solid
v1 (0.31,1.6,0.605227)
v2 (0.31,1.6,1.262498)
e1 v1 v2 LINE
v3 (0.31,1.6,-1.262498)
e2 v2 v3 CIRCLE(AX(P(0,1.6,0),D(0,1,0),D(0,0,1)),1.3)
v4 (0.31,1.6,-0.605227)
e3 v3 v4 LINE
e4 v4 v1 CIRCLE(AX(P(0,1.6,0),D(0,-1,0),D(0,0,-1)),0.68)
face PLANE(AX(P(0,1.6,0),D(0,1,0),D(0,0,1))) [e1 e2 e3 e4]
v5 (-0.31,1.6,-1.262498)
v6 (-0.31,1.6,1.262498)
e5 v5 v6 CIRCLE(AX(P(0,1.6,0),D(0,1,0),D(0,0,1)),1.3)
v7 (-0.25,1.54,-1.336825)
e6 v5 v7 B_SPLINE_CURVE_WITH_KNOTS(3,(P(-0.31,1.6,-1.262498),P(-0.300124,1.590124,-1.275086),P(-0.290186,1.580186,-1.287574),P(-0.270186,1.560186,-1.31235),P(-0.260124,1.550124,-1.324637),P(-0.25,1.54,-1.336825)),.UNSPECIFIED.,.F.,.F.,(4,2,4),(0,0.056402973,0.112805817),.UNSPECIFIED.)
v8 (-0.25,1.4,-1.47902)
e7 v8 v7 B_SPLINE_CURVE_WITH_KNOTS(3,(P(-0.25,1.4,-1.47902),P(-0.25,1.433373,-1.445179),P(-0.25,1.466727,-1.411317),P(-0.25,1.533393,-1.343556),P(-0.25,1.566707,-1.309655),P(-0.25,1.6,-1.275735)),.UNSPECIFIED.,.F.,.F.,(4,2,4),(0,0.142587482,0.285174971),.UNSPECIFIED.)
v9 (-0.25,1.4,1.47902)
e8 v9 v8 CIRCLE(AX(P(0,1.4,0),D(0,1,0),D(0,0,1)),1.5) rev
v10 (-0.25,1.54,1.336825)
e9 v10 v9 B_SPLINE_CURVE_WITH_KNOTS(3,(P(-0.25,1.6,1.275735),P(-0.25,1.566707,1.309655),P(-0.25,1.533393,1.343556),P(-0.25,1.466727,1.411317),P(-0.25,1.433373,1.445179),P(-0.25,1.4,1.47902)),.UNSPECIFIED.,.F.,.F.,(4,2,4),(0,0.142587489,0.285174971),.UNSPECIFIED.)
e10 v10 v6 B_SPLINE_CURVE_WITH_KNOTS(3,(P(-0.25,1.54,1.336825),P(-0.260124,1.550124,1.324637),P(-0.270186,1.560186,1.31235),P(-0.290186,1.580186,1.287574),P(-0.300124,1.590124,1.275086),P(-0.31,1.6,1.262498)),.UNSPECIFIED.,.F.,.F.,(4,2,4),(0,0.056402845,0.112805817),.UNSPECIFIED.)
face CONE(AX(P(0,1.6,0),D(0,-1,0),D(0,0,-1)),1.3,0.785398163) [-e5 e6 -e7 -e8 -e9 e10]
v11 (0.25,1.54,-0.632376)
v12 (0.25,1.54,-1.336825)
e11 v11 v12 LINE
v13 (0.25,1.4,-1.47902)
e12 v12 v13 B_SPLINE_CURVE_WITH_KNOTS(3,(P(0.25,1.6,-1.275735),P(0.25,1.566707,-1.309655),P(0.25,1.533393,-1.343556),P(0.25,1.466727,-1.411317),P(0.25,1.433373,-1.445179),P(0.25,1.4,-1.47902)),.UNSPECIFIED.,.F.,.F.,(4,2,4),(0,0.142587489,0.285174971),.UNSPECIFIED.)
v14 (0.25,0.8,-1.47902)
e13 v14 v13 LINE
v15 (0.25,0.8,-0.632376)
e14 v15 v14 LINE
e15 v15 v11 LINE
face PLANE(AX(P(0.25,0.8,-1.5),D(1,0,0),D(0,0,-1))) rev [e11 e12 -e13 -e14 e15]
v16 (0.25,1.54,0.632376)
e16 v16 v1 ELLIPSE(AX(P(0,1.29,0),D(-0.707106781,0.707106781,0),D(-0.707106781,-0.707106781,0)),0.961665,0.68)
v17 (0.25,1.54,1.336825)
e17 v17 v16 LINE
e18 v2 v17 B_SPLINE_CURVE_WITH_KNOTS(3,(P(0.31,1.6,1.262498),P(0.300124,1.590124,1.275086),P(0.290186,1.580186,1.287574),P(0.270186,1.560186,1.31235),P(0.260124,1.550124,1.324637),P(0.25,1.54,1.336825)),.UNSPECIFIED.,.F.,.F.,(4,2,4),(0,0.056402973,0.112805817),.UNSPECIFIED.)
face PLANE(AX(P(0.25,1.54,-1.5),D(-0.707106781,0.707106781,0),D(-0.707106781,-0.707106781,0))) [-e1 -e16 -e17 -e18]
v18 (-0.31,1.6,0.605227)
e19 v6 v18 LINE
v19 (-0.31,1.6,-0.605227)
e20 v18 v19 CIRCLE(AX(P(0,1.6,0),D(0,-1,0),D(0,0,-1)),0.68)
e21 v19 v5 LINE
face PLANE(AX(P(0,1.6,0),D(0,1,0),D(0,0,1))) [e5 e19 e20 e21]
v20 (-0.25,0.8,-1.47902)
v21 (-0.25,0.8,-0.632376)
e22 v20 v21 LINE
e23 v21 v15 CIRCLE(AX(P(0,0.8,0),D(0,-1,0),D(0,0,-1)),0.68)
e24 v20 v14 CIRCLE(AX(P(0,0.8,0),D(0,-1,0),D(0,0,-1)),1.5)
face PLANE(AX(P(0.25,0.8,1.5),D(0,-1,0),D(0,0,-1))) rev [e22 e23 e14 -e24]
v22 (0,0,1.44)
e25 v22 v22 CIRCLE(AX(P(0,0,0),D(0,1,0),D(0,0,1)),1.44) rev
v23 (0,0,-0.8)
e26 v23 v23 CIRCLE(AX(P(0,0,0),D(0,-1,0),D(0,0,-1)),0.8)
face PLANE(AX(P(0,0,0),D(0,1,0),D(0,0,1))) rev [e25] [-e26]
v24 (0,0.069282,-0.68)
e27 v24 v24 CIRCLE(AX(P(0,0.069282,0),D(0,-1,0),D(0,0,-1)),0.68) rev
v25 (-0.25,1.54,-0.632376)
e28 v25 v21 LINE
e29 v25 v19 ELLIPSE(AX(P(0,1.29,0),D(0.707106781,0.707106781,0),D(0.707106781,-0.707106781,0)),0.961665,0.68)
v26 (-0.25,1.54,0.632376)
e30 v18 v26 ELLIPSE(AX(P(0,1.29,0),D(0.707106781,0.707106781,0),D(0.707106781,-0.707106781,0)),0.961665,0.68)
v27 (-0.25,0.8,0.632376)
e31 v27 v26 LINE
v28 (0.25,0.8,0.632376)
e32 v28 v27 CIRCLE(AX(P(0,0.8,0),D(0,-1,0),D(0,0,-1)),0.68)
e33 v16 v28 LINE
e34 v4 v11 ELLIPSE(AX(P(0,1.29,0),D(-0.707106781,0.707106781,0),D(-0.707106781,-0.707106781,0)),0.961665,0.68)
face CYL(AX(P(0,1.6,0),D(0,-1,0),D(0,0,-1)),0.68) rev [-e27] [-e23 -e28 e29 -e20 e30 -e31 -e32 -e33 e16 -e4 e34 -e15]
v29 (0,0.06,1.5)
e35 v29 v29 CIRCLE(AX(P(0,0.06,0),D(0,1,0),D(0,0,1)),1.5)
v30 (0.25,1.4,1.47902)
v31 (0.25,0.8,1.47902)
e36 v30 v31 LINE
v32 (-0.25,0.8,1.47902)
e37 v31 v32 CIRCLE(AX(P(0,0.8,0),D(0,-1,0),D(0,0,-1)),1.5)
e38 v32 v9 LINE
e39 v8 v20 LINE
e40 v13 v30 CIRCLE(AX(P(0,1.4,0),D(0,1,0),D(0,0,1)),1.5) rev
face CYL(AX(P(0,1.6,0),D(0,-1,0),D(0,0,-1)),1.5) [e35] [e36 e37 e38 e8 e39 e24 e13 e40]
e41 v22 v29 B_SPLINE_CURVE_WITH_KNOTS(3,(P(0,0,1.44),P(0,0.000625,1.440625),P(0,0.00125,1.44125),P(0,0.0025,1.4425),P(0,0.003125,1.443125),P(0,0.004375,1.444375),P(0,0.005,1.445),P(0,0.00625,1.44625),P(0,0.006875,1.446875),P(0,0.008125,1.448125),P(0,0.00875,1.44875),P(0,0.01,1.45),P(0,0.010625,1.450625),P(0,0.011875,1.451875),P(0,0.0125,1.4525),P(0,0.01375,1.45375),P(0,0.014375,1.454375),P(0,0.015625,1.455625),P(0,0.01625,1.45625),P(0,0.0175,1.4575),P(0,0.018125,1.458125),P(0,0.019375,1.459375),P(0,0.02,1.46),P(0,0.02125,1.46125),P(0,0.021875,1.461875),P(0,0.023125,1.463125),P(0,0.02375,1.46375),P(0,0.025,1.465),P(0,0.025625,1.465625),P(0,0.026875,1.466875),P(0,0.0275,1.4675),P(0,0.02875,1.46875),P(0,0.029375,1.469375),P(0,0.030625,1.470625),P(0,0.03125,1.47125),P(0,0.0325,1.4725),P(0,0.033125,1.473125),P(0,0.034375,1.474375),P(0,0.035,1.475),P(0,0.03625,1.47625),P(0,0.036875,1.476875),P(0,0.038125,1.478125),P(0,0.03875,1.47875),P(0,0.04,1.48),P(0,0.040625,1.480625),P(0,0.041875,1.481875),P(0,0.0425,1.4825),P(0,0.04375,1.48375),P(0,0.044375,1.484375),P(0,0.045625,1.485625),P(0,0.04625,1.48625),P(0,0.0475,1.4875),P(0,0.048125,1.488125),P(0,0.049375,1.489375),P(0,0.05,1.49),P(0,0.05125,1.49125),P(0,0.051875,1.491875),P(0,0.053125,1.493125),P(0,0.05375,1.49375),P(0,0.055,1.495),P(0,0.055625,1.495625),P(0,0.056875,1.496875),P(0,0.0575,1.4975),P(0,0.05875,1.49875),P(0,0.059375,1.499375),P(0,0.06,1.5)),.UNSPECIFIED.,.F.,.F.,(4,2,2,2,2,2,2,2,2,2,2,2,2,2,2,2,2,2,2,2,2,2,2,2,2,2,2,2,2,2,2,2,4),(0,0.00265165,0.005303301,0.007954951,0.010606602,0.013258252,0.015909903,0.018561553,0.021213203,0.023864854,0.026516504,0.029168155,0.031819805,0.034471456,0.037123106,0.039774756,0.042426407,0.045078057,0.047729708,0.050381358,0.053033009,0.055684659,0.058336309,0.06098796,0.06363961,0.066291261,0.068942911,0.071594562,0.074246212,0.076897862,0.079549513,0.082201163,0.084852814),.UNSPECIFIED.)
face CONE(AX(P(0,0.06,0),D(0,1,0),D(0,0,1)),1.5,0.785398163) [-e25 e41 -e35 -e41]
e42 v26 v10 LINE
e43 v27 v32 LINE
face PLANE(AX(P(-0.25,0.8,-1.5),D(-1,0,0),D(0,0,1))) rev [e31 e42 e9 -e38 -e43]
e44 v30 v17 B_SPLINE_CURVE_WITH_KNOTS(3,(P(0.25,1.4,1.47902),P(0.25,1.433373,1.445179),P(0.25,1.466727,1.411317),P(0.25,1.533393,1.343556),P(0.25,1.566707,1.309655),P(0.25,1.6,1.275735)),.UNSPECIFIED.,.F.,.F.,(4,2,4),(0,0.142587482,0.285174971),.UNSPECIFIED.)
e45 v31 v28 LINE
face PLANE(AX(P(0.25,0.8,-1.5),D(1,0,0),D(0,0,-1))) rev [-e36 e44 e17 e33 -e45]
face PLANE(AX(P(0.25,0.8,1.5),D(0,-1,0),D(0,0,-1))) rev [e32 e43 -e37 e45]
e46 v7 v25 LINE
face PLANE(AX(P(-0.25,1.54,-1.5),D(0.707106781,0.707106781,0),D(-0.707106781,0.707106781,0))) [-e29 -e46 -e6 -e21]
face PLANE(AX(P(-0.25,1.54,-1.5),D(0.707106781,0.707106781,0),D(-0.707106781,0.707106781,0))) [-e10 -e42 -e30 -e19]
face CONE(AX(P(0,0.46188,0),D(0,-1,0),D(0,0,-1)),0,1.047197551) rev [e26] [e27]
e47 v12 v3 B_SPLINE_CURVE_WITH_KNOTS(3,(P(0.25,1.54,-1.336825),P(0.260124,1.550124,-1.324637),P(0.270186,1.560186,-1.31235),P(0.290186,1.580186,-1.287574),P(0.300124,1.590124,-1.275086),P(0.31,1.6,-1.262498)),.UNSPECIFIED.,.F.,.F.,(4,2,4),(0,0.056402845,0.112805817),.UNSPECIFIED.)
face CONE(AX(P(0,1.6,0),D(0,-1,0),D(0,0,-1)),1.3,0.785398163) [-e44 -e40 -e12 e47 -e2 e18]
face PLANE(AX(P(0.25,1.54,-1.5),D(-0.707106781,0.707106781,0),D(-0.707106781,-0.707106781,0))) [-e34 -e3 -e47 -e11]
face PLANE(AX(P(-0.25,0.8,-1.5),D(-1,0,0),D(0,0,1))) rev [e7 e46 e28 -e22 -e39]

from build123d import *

# Parameters (mm, degrees)
SKICA1_R                 = 1.5
VYSUNOUT1_DEPTH          = 1.6
SKICA2_W                 = 0.5
SKICA2_H                 = 3
ODEBRAT_VYSUNUT_M2_DEPTH = 0.8
ZKOSIT1_SIZE             = 0.2
ZKOSIT3_SIZE             = 0.06
SKICA3_R                 = 0.68
ODEBRAT_VYSUNUT_M3_DEPTH = 3.657066051


with BuildPart() as part:
    # Skica1 → Vysunout1 (new body)
    with BuildSketch(Plane(origin=(0, 0, 0), x_dir=(1, 0, 0), z_dir=(0, 1, 0))):
        with Locations(Location((0, 0, 0), (0, 0, 270))):
            Circle(SKICA1_R)
    extrude(amount=VYSUNOUT1_DEPTH)

    # Skica2 → Odebrat vysunutím2 (cut)
    with BuildSketch(Plane(origin=(0, 1.6, 0), x_dir=(-1, 0, 0), z_dir=(0, 1, 0))):
        Rectangle(SKICA2_W, SKICA2_H)
    extrude(amount=-ODEBRAT_VYSUNUT_M2_DEPTH, mode=Mode.SUBTRACT)

    # Zkosit1
    zkosit1_edges = [part.edges().sort_by_distance(p)[0] for p in [
        (1.5, 1.6, 0),
        (-1.5, 1.6, 0),
    ]]
    chamfer(zkosit1_edges, length=ZKOSIT1_SIZE)

    # Zkosit3
    zkosit3_edges = [part.edges().sort_by_distance(p)[0] for p in [
        (0, 0, -1.5),
        (-0.25, 1.6, 0),
        (0.25, 1.6, 0),
    ]]
    chamfer(zkosit3_edges, length=ZKOSIT3_SIZE)

    # Skica3 → Odebrat vysunutím3 (cut, through all)
    with BuildSketch(Plane.XZ):
        with Locations(Location((0, 0, 0), (0, 0, 270))):
            Circle(SKICA3_R)
    extrude(amount=-ODEBRAT_VYSUNUT_M3_DEPTH, mode=Mode.SUBTRACT)

    # Skica4 → Odebrat otočením1 (revolve, cut)
    with BuildSketch(Plane.XY, mode=Mode.PRIVATE) as odebrat_oto_en_m1_sk:
        Polygon((-0.8, 0), (0, 0), (0, 0.461880215), align=None)
    revolve(odebrat_oto_en_m1_sk.sketch.rotate(Axis((0, 0, 0), (0, 1, 0)), 270), axis=Axis((0, 0, 0), (0, 1, 0)), mode=Mode.SUBTRACT)


solid = part.part
